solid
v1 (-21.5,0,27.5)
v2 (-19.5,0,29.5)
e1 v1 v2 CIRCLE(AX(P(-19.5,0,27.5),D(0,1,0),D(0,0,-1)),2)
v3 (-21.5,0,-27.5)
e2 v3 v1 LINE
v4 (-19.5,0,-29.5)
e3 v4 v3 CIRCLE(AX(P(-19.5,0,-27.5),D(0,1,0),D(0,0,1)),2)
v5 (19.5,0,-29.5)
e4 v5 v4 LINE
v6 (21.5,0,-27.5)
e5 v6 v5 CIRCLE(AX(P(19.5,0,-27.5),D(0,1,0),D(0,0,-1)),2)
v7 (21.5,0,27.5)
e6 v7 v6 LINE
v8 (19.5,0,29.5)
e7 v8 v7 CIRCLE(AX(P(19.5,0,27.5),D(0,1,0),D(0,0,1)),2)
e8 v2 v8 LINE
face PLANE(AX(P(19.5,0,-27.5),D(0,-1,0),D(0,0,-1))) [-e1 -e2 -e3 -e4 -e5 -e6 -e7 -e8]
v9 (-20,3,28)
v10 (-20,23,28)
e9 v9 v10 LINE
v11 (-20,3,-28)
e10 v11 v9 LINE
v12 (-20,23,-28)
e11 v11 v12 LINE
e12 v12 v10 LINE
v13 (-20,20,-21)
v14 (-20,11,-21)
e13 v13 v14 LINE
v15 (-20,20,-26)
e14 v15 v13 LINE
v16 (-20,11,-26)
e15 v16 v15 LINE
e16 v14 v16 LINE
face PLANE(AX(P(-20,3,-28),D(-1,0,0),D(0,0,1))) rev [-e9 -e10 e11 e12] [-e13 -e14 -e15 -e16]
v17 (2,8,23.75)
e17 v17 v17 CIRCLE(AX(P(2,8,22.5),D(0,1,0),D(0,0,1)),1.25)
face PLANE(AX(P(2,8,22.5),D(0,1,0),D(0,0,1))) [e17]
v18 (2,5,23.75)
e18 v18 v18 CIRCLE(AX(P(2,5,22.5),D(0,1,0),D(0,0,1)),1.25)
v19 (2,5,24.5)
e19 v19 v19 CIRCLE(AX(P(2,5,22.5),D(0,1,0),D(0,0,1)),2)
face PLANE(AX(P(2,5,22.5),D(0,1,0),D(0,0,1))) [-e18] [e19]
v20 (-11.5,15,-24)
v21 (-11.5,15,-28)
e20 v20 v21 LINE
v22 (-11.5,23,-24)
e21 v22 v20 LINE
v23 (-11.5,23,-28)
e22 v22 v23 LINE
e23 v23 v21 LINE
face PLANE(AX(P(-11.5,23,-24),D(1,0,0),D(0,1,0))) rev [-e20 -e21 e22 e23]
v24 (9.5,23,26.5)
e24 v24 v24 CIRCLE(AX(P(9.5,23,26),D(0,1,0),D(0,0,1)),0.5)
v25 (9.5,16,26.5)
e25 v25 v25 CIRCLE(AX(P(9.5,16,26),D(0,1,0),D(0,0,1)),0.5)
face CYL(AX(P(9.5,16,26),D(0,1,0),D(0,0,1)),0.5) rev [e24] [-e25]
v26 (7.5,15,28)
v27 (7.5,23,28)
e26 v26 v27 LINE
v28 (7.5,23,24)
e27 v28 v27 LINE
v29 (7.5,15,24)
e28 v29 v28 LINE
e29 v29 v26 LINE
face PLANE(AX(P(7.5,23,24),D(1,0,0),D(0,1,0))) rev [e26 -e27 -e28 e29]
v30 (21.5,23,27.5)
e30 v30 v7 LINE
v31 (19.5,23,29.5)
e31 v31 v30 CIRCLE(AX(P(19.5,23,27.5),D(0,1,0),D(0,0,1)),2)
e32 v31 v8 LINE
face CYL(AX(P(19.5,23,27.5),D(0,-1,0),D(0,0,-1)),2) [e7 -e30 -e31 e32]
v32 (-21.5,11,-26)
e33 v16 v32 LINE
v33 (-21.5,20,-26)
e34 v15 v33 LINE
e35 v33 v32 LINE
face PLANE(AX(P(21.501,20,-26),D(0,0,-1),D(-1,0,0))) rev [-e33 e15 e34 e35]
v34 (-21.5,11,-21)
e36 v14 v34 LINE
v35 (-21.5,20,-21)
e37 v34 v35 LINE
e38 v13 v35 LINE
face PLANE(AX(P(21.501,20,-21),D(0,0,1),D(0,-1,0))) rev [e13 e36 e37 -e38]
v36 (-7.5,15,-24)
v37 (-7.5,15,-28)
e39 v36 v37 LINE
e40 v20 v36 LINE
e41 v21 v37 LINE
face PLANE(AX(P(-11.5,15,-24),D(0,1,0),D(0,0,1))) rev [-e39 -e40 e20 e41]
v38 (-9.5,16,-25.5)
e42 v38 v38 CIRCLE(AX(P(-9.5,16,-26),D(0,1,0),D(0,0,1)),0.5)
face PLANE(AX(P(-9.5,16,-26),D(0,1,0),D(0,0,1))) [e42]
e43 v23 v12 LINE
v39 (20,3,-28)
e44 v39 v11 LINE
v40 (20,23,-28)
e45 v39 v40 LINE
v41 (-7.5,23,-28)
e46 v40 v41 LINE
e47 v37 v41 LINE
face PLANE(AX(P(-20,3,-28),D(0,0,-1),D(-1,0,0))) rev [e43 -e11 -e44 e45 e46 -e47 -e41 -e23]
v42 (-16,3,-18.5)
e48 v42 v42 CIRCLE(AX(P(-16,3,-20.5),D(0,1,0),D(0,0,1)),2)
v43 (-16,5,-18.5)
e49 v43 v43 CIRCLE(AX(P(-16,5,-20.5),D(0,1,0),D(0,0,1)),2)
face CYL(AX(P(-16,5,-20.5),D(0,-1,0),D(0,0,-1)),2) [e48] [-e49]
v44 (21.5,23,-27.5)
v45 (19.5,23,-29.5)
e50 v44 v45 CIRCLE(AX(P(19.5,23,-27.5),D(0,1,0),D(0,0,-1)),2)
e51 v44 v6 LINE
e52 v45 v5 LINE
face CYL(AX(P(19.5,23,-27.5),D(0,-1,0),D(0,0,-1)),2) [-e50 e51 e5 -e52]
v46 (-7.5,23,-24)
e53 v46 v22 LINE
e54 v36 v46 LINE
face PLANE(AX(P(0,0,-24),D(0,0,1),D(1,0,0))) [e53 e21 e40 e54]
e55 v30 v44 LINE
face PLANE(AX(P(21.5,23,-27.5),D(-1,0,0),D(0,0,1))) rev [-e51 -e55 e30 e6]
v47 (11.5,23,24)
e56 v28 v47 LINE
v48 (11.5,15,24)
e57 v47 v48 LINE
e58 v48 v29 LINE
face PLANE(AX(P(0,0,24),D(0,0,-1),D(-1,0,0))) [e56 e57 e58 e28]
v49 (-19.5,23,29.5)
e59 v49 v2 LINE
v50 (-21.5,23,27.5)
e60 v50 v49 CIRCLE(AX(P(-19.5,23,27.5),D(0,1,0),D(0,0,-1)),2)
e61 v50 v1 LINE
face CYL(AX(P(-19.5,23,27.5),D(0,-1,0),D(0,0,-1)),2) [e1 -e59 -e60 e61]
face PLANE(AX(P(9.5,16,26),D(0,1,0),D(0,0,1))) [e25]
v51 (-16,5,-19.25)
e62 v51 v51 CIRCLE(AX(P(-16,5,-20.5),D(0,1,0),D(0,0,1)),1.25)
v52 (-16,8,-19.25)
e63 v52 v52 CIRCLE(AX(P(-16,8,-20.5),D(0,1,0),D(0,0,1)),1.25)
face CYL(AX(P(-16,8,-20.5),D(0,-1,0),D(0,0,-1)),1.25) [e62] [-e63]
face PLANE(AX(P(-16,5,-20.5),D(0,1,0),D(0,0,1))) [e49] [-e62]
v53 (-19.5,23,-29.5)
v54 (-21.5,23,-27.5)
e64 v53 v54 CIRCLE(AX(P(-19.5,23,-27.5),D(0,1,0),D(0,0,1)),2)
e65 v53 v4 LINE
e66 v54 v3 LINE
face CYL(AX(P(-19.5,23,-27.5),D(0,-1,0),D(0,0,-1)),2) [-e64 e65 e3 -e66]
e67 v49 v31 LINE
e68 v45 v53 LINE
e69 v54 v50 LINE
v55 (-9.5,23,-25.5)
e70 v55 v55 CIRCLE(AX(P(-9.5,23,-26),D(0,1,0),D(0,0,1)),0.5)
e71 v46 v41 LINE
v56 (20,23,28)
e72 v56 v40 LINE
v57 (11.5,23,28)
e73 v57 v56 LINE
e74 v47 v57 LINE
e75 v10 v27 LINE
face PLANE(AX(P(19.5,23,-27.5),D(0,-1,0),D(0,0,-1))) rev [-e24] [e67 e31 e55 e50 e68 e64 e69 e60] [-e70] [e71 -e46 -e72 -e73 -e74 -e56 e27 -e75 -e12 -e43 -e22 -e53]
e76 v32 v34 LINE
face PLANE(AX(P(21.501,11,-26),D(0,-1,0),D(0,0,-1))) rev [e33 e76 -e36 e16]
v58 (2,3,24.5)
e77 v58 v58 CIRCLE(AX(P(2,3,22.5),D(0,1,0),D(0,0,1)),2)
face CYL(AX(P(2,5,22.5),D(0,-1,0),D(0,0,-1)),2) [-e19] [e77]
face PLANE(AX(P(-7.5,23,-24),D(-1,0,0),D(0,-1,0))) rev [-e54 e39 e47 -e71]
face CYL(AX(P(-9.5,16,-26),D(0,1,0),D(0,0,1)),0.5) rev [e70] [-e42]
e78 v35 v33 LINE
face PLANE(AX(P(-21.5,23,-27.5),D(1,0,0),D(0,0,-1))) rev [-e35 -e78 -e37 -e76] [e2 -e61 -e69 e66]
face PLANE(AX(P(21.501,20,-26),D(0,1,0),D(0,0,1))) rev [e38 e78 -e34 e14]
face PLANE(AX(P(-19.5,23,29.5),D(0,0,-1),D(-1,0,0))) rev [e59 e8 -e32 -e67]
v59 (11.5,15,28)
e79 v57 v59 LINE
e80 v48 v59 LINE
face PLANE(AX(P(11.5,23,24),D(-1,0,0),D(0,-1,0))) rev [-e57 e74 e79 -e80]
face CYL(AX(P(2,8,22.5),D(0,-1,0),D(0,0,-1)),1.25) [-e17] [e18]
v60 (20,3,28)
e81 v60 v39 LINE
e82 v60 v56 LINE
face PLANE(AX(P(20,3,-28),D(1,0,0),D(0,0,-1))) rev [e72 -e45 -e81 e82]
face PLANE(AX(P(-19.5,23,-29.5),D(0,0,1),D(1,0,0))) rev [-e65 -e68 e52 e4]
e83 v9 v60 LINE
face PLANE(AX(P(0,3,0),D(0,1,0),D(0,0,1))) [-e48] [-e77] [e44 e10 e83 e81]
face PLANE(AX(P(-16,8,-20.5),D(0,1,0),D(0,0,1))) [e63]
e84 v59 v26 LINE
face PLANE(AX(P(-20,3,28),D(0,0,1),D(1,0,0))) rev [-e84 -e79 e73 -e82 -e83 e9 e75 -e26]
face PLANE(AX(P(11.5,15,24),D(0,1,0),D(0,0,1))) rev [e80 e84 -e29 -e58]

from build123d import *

# Parameters (mm, degrees)
SALIENTE_EXTRUIR1_DEPTH = 23
CROQUIS2_W              = 40
CROQUIS2_H              = 56
CORTAR_EXTRUIR1_DEPTH   = 20
CROQUIS3_R              = 2
SALIENTE_EXTRUIR2_DEPTH = 2
CROQUIS4_R              = 1.25
SALIENTE_EXTRUIR3_DEPTH = 3
CROQUIS5_W              = 4
CROQUIS5_H              = 8
SALIENTE_EXTRUIR4_DEPTH = 4
CROQUIS6_W              = 4
CROQUIS6_H              = 8
SALIENTE_EXTRUIR5_DEPTH = 4
CROQUIS7_R              = 0.5
CORTAR_EXTRUIR2_DEPTH   = 7
CORTAR_EXTRUIR3_REACH   = 58.993
CROQUIS9_W              = 5
CROQUIS9_H              = 9


with BuildPart() as part:
    # Croquis1 → Saliente-Extruir1 (new body)
    with BuildSketch(Plane(origin=(0, 0, 0), x_dir=(1, 0, 0), z_dir=(0, 1, 0))):
        with BuildLine():
            Line((-19.5, 29.5), (19.5, 29.5))
            ThreePointArc((19.5, 29.5), (20.914213562, 28.914213562), (21.5, 27.5))
            Line((21.5, 27.5), (21.5, -27.5))
            ThreePointArc((21.5, -27.5), (20.914213562, -28.914213562), (19.5, -29.5))
            Line((19.5, -29.5), (-19.5, -29.5))
            ThreePointArc((-19.5, -29.5), (-20.914213562, -28.914213562), (-21.5, -27.5))
            Line((-21.5, -27.5), (-21.5, 27.5))
            ThreePointArc((-21.5, 27.5), (-20.914213562, 28.914213562), (-19.5, 29.5))
        make_face()
    extrude(amount=SALIENTE_EXTRUIR1_DEPTH)

    # Croquis2 → Cortar-Extruir1 (cut)
    with BuildSketch(Plane(origin=(0, 23, 0), x_dir=(1, 0, 0), z_dir=(0, 1, 0))):
        Rectangle(CROQUIS2_W, CROQUIS2_H)
    extrude(amount=-CORTAR_EXTRUIR1_DEPTH, mode=Mode.SUBTRACT)

    # Croquis3 → Saliente-Extruir2 (add)
    with BuildSketch(Plane(origin=(0, 3, 0), x_dir=(1, 0, 0), z_dir=(0, 1, 0))):
        with Locations(Location((-16, 20.5, 0), (0, 0, 270))):
            Circle(CROQUIS3_R)
        with Locations(Location((2, -22.5, 0), (0, 0, 270))):
            Circle(CROQUIS3_R)
    extrude(amount=SALIENTE_EXTRUIR2_DEPTH)

    # Croquis4 → Saliente-Extruir3 (add)
    with BuildSketch(Plane(origin=(0, 5, 0), x_dir=(1, 0, 0), z_dir=(0, 1, 0))):
        with Locations(Location((-16, 20.5, 0), (0, 0, 270))):
            Circle(CROQUIS4_R)
        with Locations(Location((2, -22.5, 0), (0, 0, 270))):
            Circle(CROQUIS4_R)
    extrude(amount=SALIENTE_EXTRUIR3_DEPTH)

    # Croquis5 → Saliente-Extruir4 (add)
    with BuildSketch(Plane.XY.offset(-28)):
        with Locations((-9.5, 19)):
            Rectangle(CROQUIS5_W, CROQUIS5_H)
    extrude(amount=SALIENTE_EXTRUIR4_DEPTH)

    # Croquis6 → Saliente-Extruir5 (add)
    with BuildSketch(Plane(origin=(0, 0, 28), x_dir=(-1, 0, 0), z_dir=(0, 0, -1))):
        with Locations((-9.5, 19)):
            Rectangle(CROQUIS6_W, CROQUIS6_H)
    extrude(amount=SALIENTE_EXTRUIR5_DEPTH)

    # Croquis7 → Cortar-Extruir2 (cut)
    with BuildSketch(Plane(origin=(0, 23, 0), x_dir=(1, 0, 0), z_dir=(0, 1, 0))):
        with Locations(Location((-9.5, 26, 0), (0, 0, 270))):
            Circle(CROQUIS7_R)
        with Locations(Location((9.5, -26, 0), (0, 0, 270))):
            Circle(CROQUIS7_R)
    extrude(amount=-CORTAR_EXTRUIR2_DEPTH, mode=Mode.SUBTRACT)

    # Croquis9 → Cortar-Extruir3 (cut, up to next)
    with BuildSketch(Plane.ZY.offset(21.5), mode=Mode.PRIVATE) as cortar_extruir3_sk1:
        with Locations((-23.5, 15.5)):
            Rectangle(CROQUIS9_W, CROQUIS9_H)
    cortar_extruir3_tool1 = extrude(cortar_extruir3_sk1.sketch, amount=-CORTAR_EXTRUIR3_REACH, mode=Mode.PRIVATE) & part.part
    add(cortar_extruir3_tool1.solids().sort_by_distance((-21.5, 15.5, -23.5))[0], mode=Mode.SUBTRACT)


solid = part.part
